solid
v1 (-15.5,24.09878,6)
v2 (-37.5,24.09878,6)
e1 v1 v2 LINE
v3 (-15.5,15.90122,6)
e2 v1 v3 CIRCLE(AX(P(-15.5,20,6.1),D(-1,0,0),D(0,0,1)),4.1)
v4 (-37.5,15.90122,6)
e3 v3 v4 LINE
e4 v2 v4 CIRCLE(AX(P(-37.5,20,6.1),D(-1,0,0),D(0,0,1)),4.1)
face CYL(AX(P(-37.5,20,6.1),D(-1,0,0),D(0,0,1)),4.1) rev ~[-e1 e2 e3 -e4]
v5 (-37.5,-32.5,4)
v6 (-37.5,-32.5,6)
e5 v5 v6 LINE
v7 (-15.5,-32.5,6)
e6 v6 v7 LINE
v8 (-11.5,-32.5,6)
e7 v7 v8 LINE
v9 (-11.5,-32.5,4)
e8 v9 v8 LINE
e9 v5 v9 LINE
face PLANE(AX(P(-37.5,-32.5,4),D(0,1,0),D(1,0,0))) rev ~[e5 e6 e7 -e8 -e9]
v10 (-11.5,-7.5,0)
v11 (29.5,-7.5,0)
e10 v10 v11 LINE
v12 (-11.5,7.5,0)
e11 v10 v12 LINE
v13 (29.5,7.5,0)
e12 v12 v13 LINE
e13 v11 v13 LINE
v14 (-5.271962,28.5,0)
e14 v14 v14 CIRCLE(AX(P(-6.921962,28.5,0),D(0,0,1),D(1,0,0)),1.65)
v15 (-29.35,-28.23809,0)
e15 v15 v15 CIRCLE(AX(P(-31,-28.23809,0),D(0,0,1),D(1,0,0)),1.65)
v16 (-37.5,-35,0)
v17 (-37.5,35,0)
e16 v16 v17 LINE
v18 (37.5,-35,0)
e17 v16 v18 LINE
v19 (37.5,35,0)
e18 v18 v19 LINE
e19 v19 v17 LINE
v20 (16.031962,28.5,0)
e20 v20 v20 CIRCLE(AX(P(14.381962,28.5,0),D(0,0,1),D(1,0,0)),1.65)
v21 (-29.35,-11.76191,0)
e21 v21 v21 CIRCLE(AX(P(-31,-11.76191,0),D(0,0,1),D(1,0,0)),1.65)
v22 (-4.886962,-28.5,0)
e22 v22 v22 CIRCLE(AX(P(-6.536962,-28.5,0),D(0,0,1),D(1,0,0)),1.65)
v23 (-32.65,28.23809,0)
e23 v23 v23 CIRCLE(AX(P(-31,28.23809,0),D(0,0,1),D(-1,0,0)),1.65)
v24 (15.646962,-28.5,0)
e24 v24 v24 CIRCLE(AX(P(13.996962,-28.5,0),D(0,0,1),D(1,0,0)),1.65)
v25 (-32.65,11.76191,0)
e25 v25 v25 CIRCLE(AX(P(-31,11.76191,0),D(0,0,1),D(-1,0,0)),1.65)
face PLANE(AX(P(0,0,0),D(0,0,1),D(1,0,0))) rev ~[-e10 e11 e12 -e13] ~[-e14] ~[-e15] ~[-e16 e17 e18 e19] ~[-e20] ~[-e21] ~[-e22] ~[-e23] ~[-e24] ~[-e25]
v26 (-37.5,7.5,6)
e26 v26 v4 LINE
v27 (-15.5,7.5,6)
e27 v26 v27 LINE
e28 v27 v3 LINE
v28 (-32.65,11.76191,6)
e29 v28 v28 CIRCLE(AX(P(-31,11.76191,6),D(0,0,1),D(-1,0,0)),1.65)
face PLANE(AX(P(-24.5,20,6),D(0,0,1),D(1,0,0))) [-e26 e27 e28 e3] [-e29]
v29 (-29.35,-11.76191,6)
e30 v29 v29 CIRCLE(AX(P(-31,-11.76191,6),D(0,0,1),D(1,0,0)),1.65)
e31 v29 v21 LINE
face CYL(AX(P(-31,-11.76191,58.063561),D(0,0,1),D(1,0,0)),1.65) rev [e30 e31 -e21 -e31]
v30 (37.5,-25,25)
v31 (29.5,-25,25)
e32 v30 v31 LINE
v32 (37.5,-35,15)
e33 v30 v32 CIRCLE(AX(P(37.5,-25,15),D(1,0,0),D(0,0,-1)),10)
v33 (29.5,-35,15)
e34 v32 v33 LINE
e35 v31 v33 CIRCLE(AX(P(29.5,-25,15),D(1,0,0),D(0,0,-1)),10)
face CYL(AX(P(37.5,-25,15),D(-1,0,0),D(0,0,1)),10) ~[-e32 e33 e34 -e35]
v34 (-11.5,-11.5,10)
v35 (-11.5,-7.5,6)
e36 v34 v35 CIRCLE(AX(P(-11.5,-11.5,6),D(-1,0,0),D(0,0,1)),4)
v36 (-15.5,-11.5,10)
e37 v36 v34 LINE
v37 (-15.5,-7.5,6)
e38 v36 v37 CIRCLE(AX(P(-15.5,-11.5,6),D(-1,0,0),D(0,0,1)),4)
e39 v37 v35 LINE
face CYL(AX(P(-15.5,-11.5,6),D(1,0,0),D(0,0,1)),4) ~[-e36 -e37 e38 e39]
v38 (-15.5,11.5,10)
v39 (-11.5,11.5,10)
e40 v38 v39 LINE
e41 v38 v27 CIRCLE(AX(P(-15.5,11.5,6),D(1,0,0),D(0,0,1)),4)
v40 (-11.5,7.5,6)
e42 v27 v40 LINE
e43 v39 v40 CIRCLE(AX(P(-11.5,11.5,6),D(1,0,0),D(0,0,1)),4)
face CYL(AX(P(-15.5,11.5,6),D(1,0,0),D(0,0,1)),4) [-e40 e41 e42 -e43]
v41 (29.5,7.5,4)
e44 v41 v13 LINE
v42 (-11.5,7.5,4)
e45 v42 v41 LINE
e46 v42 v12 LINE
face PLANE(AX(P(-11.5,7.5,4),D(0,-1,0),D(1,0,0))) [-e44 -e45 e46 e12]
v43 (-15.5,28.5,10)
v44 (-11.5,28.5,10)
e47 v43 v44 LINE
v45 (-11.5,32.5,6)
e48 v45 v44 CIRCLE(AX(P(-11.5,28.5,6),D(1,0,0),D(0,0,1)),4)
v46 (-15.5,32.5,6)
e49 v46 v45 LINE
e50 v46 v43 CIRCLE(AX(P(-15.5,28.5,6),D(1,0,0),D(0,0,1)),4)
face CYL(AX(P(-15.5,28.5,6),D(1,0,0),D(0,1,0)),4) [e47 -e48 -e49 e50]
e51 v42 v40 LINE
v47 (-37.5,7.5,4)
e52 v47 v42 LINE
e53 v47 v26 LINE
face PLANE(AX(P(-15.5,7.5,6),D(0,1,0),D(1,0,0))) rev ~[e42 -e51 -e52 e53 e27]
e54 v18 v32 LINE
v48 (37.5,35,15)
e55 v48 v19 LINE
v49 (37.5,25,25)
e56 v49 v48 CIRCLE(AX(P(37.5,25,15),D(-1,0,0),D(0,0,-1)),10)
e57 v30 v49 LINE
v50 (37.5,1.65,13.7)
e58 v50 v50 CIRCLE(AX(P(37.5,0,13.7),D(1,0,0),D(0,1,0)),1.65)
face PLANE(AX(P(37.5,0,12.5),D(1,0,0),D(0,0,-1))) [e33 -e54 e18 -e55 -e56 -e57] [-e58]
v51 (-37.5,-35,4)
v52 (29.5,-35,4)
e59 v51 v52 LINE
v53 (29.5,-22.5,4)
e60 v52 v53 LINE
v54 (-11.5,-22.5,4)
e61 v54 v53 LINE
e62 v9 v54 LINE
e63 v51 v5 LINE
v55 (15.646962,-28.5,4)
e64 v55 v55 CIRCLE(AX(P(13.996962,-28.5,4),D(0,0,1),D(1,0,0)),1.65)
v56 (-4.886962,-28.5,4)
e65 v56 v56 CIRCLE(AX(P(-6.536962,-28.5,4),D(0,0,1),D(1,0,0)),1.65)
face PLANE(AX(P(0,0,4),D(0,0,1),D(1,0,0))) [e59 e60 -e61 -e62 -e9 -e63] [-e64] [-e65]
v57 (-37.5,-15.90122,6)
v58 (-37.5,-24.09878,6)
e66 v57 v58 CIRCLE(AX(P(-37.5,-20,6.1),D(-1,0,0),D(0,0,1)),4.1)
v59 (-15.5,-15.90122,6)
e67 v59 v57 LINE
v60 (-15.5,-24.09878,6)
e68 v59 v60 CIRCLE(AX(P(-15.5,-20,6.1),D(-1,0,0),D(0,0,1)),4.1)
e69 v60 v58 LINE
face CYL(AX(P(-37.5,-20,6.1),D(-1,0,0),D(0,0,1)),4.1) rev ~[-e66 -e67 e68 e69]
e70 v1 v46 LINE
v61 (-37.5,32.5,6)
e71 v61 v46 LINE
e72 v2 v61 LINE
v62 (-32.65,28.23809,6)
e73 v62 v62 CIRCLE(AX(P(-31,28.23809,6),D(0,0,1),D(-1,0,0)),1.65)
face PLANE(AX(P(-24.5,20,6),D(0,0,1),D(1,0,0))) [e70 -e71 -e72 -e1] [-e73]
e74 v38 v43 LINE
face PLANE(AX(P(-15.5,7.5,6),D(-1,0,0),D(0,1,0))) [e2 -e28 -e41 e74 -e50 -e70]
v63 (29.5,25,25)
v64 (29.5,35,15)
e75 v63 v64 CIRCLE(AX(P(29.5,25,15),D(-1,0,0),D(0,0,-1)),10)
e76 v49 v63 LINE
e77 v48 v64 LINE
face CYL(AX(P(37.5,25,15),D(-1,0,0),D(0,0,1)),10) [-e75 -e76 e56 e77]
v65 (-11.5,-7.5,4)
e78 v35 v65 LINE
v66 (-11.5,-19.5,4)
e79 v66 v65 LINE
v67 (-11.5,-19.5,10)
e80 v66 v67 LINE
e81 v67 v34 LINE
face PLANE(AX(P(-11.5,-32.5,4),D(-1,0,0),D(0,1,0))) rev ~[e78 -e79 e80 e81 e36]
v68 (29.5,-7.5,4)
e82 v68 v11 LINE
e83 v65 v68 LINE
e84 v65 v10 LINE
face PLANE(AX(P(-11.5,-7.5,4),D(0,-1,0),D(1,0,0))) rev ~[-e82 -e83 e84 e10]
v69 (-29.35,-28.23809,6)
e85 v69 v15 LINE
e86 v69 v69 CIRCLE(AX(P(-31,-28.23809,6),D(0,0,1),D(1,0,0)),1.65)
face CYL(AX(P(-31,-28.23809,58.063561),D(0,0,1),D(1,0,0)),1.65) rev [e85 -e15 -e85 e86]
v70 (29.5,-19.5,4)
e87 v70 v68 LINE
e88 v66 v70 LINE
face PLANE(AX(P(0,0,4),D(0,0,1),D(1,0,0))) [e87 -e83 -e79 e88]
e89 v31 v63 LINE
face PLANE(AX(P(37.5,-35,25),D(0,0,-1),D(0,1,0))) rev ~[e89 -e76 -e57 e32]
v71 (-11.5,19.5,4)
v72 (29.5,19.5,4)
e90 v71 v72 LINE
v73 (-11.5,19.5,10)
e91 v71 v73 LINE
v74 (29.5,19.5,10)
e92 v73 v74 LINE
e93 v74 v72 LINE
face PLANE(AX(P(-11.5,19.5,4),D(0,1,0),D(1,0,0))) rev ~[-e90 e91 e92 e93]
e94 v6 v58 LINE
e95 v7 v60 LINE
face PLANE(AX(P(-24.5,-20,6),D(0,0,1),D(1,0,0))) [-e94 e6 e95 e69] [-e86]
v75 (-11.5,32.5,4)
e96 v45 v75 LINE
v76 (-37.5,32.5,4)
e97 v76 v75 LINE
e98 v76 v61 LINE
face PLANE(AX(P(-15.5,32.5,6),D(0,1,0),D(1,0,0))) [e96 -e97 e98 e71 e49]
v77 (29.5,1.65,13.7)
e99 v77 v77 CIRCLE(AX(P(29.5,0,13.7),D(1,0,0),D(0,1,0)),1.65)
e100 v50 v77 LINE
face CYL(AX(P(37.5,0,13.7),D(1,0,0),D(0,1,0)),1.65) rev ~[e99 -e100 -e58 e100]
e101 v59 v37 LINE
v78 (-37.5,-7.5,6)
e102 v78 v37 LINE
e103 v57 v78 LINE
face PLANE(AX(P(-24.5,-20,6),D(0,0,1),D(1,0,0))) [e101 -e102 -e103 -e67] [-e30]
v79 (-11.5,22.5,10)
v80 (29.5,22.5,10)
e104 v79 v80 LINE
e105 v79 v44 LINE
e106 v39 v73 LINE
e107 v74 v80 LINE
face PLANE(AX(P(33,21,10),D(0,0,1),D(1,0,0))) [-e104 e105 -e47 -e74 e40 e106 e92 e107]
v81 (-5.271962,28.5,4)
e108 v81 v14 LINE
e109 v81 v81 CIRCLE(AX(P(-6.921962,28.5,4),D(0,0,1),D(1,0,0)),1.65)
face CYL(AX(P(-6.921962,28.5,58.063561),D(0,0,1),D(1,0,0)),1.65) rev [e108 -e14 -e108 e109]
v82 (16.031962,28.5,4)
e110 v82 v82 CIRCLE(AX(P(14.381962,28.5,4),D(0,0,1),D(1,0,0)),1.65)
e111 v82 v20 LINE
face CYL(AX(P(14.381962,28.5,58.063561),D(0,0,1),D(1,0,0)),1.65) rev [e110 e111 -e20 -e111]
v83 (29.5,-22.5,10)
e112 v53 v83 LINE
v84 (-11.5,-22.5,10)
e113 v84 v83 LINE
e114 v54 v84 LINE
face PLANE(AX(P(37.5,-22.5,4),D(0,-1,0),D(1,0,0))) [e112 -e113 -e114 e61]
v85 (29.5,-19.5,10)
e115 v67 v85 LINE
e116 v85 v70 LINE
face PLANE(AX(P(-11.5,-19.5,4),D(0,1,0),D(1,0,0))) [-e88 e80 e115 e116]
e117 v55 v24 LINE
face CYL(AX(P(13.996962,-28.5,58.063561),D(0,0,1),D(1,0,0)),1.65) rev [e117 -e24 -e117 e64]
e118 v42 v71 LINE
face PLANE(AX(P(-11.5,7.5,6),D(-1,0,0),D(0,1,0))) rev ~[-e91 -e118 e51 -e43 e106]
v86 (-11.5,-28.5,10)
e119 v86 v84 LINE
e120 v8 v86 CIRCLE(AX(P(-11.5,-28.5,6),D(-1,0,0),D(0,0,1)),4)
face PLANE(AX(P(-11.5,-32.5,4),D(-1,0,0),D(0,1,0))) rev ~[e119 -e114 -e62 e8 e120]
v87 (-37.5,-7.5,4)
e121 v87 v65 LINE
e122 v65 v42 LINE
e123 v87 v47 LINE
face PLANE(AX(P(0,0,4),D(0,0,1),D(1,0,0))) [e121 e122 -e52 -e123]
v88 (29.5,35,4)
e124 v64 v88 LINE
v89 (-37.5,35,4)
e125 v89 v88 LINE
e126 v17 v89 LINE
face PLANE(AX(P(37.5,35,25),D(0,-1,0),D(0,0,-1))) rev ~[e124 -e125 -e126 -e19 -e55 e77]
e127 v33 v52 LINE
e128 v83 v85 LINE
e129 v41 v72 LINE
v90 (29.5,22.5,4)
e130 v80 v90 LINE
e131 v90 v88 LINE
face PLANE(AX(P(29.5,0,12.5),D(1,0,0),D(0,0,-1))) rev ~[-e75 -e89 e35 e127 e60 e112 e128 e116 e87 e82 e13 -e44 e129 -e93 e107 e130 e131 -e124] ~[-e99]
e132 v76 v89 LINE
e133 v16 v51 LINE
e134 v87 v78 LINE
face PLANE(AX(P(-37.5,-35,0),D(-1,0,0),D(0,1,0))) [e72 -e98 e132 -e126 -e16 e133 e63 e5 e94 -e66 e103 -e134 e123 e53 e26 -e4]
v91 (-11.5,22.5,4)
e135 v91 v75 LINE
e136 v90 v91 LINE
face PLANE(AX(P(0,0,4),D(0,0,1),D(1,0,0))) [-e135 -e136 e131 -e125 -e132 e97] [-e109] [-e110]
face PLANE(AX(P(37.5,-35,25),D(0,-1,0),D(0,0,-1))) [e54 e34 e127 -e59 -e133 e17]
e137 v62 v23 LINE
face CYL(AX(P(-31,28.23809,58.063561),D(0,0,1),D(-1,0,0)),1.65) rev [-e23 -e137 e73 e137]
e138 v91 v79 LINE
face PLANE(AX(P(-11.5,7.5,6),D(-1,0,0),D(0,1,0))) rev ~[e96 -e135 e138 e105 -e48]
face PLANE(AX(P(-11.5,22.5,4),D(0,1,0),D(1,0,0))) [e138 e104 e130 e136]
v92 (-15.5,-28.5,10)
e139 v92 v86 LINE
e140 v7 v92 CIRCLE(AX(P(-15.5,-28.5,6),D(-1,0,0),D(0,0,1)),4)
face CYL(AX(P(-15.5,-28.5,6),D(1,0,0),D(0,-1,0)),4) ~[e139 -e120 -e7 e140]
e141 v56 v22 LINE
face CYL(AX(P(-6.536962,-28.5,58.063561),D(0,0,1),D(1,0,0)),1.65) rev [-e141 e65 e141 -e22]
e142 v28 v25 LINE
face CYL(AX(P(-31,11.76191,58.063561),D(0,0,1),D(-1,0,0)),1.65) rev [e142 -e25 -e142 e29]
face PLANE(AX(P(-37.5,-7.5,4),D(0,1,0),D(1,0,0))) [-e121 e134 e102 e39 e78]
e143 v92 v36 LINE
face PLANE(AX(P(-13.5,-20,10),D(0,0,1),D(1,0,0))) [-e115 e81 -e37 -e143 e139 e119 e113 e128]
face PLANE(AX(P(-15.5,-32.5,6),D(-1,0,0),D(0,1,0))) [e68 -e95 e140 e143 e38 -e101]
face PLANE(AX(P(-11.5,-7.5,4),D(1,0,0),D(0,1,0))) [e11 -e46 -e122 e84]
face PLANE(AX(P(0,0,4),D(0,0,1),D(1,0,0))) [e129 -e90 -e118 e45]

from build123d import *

# Parameters (mm, degrees)
SKETCH1_W               = 75
SKETCH1_H               = 70
BOSS_EXTRUDE1_DEPTH     = 4
SKETCH4_W               = 26
SKETCH4_H               = 25
BOSS_EXTRUDE2_DEPTH     = 2
SKETCH3_R               = 4.1
CUT_EXTRUDE1_DEPTH      = 22
SKETCH5_W               = 40
SKETCH5_H               = 45
BOSS_EXTRUDE3_DEPTH     = 4
SKETCH7_R               = 11.3
SKETCH7_R_2             = 1.5
CUT_EXTRUDE2_DEPTH      = 86.248167136
SKETCH8_W               = 4
SKETCH8_H               = 25
BOSS_EXTRUDE4_DEPTH     = 4
FILLET2_R               = 4
SKETCH10_W              = 89
SKETCH10_H              = 3
BOSS_EXTRUDE5_DEPTH     = 6
CHAMFER2_SIZE           = 4
FILLET3_R               = 1
SKETCH11_W              = 40
SKETCH11_H              = 53
CUT_EXTRUDE3_DEPTH      = 86.622718948
SKETCH13_W              = 25
SKETCH13_H              = 70
BOSS_EXTRUDE6_DEPTH     = 8
SKETCH14_W              = 41
SKETCH14_H              = 15
CUT_EXTRUDE4_DEPTH      = 56.427881071
FILLET4_R               = 10
SKETCH15_R              = 1.65
CUT_EXTRUDE5_DEPTH      = 10
CUT_EXTRUDE6_DEPTH      = 58.063561053
CUT_EXTRUDE6_DEPTH_BACK = 58.063561053
SKETCH16_R              = 1.65


with BuildPart() as part:
    # Sketch1 → Boss-Extrude1 (new body)
    with BuildSketch(Plane.XY):
        Rectangle(SKETCH1_W, SKETCH1_H)
    extrude(amount=BOSS_EXTRUDE1_DEPTH)

    # Sketch4 → Boss-Extrude2 (add)
    with BuildSketch(Plane.XY.offset(4)):
        with Locations((-24.5, 20)):
            Rectangle(SKETCH4_W, SKETCH4_H)
        with Locations((-24.5, -20)):
            Rectangle(SKETCH4_W, SKETCH4_H)
    extrude(amount=BOSS_EXTRUDE2_DEPTH)

    # Sketch3 → Cut-Extrude1 (cut)
    with BuildSketch(Plane.ZY.offset(37.5)):
        with Locations((6.1, 20)):
            Circle(SKETCH3_R)
        with Locations((6.1, -20)):
            Circle(SKETCH3_R)
    extrude(amount=-CUT_EXTRUDE1_DEPTH, mode=Mode.SUBTRACT)

    # Sketch5 → Boss-Extrude3 (add)
    with BuildSketch(Plane.XY.offset(4)):
        with Locations((57.5, 0)):
            Rectangle(SKETCH5_W, SKETCH5_H)
    extrude(amount=-BOSS_EXTRUDE3_DEPTH)

    # Sketch7 → Cut-Extrude2 (cut, through all)
    with BuildSketch(Plane(origin=(0, 0, 0), x_dir=(-1, 0, 0), z_dir=(0, 0, -1))):
        with Locations((-54.5, 0)):
            Circle(SKETCH7_R)
        with Locations((-70, 15.5)):
            Circle(SKETCH7_R_2)
        with Locations((-39, 15.5)):
            Circle(SKETCH7_R_2)
        with Locations((-39, -15.5)):
            Circle(SKETCH7_R_2)
        with Locations((-70, -15.5)):
            Circle(SKETCH7_R_2)
    extrude(amount=-CUT_EXTRUDE2_DEPTH, mode=Mode.SUBTRACT)

    # Sketch8 → Boss-Extrude4 (add)
    with BuildSketch(Plane.XY.offset(6)):
        with Locations((-13.5, 20)):
            Rectangle(SKETCH8_W, SKETCH8_H)
        with Locations((-13.5, -20)):
            Rectangle(SKETCH8_W, SKETCH8_H)
    extrude(amount=BOSS_EXTRUDE4_DEPTH)

    # Fillet2
    fillet2_edges = [part.edges().sort_by_distance(p)[0] for p in [
        (-13.5, -32.5, 10),
        (-13.5, -7.5, 10),
        (-13.5, 32.5, 10),
        (-13.5, 7.5, 10),
    ]]
    fillet(fillet2_edges, radius=FILLET2_R)

    # Sketch10 → Boss-Extrude5 (add)
    with BuildSketch(Plane.XY.offset(4)):
        with Locations((33, 21)):
            Rectangle(SKETCH10_W, SKETCH10_H)
        with Locations((33, -21)):
            Rectangle(SKETCH10_W, SKETCH10_H)
    extrude(amount=BOSS_EXTRUDE5_DEPTH)

    # Chamfer2
    chamfer2_edges = [part.edges().sort_by_distance(p)[0] for p in [
        (37.5, 22.5, 2),
        (37.5, -22.5, 2),
        (77.5, 22.5, 5),
        (77.5, -22.5, 5),
    ]]
    chamfer(chamfer2_edges, length=CHAMFER2_SIZE)

    # Fillet3
    fillet3_edges = [part.edges().sort_by_distance(p)[0] for p in [
        (76.5, 19.5, 7),
        (76.5, -19.5, 7),
    ]]
    fillet(fillet3_edges, radius=FILLET3_R)

    # Sketch11 → Cut-Extrude3 (cut, through all)
    with BuildSketch(Plane(origin=(0, 0, 0), x_dir=(-1, 0, 0), z_dir=(0, 0, -1))):
        with Locations((-57.5, 0)):
            Rectangle(SKETCH11_W, SKETCH11_H)
    extrude(amount=-CUT_EXTRUDE3_DEPTH, mode=Mode.SUBTRACT)

    # Sketch13 → Boss-Extrude6 (add)
    with BuildSketch(Plane(origin=(37.5, 0, 0), x_dir=(0, 0, -1), z_dir=(1, 0, 0))):
        with Locations((-12.5, 0)):
            Rectangle(SKETCH13_W, SKETCH13_H)
    extrude(amount=-BOSS_EXTRUDE6_DEPTH)

    # Sketch14 → Cut-Extrude4 (cut, through all)
    with BuildSketch(Plane.XY.offset(4)):
        with Locations((9, 0)):
            Rectangle(SKETCH14_W, SKETCH14_H)
    extrude(amount=-CUT_EXTRUDE4_DEPTH, mode=Mode.SUBTRACT)

    # Fillet4
    fillet4_edges = [part.edges().sort_by_distance(p)[0] for p in [
        (33.5, -35, 25),
        (33.5, 35, 25),
    ]]
    fillet(fillet4_edges, radius=FILLET4_R)

    # Sketch15 → Cut-Extrude5 (cut)
    with BuildSketch(Plane(origin=(37.5, 0, 0), x_dir=(0, 0, -1), z_dir=(1, 0, 0))):
        with Locations(Location((-13.7, 0, 0), (0, 0, 90))):
            Circle(SKETCH15_R)
    extrude(amount=-CUT_EXTRUDE5_DEPTH, mode=Mode.SUBTRACT)

    # Sketch16 → Cut-Extrude6 (cut, two sides: drawn at the far end of the back side and taken through both)
    with BuildSketch(Plane(origin=(0, 0, 0), x_dir=(-1, 0, 0), z_dir=(0, 0, -1)).offset(-CUT_EXTRUDE6_DEPTH_BACK)):
        with Locations((31, 28.238089535)):
            Circle(SKETCH16_R)
        with Locations((31, 11.761910465)):
            Circle(SKETCH16_R)
        with Locations(Location((31, -11.761910465, 0), (0, 0, 180))):
            Circle(SKETCH16_R)
        with Locations(Location((31, -28.238089535, 0), (0, 0, 180))):
            Circle(SKETCH16_R)
        with Locations(Location((-14.38196164, 28.5, 0), (0, 0, 180))):
            Circle(SKETCH16_R)
        with Locations(Location((6.92196164, 28.5, 0), (0, 0, 180))):
            Circle(SKETCH16_R)
        with Locations(Location((-13.99696164, -28.5, 0), (0, 0, 180))):
            Circle(SKETCH16_R)
        with Locations(Location((6.53696164, -28.5, 0), (0, 0, 180))):
            Circle(SKETCH16_R)
    extrude(amount=CUT_EXTRUDE6_DEPTH + CUT_EXTRUDE6_DEPTH_BACK, mode=Mode.SUBTRACT)


solid = part.part
